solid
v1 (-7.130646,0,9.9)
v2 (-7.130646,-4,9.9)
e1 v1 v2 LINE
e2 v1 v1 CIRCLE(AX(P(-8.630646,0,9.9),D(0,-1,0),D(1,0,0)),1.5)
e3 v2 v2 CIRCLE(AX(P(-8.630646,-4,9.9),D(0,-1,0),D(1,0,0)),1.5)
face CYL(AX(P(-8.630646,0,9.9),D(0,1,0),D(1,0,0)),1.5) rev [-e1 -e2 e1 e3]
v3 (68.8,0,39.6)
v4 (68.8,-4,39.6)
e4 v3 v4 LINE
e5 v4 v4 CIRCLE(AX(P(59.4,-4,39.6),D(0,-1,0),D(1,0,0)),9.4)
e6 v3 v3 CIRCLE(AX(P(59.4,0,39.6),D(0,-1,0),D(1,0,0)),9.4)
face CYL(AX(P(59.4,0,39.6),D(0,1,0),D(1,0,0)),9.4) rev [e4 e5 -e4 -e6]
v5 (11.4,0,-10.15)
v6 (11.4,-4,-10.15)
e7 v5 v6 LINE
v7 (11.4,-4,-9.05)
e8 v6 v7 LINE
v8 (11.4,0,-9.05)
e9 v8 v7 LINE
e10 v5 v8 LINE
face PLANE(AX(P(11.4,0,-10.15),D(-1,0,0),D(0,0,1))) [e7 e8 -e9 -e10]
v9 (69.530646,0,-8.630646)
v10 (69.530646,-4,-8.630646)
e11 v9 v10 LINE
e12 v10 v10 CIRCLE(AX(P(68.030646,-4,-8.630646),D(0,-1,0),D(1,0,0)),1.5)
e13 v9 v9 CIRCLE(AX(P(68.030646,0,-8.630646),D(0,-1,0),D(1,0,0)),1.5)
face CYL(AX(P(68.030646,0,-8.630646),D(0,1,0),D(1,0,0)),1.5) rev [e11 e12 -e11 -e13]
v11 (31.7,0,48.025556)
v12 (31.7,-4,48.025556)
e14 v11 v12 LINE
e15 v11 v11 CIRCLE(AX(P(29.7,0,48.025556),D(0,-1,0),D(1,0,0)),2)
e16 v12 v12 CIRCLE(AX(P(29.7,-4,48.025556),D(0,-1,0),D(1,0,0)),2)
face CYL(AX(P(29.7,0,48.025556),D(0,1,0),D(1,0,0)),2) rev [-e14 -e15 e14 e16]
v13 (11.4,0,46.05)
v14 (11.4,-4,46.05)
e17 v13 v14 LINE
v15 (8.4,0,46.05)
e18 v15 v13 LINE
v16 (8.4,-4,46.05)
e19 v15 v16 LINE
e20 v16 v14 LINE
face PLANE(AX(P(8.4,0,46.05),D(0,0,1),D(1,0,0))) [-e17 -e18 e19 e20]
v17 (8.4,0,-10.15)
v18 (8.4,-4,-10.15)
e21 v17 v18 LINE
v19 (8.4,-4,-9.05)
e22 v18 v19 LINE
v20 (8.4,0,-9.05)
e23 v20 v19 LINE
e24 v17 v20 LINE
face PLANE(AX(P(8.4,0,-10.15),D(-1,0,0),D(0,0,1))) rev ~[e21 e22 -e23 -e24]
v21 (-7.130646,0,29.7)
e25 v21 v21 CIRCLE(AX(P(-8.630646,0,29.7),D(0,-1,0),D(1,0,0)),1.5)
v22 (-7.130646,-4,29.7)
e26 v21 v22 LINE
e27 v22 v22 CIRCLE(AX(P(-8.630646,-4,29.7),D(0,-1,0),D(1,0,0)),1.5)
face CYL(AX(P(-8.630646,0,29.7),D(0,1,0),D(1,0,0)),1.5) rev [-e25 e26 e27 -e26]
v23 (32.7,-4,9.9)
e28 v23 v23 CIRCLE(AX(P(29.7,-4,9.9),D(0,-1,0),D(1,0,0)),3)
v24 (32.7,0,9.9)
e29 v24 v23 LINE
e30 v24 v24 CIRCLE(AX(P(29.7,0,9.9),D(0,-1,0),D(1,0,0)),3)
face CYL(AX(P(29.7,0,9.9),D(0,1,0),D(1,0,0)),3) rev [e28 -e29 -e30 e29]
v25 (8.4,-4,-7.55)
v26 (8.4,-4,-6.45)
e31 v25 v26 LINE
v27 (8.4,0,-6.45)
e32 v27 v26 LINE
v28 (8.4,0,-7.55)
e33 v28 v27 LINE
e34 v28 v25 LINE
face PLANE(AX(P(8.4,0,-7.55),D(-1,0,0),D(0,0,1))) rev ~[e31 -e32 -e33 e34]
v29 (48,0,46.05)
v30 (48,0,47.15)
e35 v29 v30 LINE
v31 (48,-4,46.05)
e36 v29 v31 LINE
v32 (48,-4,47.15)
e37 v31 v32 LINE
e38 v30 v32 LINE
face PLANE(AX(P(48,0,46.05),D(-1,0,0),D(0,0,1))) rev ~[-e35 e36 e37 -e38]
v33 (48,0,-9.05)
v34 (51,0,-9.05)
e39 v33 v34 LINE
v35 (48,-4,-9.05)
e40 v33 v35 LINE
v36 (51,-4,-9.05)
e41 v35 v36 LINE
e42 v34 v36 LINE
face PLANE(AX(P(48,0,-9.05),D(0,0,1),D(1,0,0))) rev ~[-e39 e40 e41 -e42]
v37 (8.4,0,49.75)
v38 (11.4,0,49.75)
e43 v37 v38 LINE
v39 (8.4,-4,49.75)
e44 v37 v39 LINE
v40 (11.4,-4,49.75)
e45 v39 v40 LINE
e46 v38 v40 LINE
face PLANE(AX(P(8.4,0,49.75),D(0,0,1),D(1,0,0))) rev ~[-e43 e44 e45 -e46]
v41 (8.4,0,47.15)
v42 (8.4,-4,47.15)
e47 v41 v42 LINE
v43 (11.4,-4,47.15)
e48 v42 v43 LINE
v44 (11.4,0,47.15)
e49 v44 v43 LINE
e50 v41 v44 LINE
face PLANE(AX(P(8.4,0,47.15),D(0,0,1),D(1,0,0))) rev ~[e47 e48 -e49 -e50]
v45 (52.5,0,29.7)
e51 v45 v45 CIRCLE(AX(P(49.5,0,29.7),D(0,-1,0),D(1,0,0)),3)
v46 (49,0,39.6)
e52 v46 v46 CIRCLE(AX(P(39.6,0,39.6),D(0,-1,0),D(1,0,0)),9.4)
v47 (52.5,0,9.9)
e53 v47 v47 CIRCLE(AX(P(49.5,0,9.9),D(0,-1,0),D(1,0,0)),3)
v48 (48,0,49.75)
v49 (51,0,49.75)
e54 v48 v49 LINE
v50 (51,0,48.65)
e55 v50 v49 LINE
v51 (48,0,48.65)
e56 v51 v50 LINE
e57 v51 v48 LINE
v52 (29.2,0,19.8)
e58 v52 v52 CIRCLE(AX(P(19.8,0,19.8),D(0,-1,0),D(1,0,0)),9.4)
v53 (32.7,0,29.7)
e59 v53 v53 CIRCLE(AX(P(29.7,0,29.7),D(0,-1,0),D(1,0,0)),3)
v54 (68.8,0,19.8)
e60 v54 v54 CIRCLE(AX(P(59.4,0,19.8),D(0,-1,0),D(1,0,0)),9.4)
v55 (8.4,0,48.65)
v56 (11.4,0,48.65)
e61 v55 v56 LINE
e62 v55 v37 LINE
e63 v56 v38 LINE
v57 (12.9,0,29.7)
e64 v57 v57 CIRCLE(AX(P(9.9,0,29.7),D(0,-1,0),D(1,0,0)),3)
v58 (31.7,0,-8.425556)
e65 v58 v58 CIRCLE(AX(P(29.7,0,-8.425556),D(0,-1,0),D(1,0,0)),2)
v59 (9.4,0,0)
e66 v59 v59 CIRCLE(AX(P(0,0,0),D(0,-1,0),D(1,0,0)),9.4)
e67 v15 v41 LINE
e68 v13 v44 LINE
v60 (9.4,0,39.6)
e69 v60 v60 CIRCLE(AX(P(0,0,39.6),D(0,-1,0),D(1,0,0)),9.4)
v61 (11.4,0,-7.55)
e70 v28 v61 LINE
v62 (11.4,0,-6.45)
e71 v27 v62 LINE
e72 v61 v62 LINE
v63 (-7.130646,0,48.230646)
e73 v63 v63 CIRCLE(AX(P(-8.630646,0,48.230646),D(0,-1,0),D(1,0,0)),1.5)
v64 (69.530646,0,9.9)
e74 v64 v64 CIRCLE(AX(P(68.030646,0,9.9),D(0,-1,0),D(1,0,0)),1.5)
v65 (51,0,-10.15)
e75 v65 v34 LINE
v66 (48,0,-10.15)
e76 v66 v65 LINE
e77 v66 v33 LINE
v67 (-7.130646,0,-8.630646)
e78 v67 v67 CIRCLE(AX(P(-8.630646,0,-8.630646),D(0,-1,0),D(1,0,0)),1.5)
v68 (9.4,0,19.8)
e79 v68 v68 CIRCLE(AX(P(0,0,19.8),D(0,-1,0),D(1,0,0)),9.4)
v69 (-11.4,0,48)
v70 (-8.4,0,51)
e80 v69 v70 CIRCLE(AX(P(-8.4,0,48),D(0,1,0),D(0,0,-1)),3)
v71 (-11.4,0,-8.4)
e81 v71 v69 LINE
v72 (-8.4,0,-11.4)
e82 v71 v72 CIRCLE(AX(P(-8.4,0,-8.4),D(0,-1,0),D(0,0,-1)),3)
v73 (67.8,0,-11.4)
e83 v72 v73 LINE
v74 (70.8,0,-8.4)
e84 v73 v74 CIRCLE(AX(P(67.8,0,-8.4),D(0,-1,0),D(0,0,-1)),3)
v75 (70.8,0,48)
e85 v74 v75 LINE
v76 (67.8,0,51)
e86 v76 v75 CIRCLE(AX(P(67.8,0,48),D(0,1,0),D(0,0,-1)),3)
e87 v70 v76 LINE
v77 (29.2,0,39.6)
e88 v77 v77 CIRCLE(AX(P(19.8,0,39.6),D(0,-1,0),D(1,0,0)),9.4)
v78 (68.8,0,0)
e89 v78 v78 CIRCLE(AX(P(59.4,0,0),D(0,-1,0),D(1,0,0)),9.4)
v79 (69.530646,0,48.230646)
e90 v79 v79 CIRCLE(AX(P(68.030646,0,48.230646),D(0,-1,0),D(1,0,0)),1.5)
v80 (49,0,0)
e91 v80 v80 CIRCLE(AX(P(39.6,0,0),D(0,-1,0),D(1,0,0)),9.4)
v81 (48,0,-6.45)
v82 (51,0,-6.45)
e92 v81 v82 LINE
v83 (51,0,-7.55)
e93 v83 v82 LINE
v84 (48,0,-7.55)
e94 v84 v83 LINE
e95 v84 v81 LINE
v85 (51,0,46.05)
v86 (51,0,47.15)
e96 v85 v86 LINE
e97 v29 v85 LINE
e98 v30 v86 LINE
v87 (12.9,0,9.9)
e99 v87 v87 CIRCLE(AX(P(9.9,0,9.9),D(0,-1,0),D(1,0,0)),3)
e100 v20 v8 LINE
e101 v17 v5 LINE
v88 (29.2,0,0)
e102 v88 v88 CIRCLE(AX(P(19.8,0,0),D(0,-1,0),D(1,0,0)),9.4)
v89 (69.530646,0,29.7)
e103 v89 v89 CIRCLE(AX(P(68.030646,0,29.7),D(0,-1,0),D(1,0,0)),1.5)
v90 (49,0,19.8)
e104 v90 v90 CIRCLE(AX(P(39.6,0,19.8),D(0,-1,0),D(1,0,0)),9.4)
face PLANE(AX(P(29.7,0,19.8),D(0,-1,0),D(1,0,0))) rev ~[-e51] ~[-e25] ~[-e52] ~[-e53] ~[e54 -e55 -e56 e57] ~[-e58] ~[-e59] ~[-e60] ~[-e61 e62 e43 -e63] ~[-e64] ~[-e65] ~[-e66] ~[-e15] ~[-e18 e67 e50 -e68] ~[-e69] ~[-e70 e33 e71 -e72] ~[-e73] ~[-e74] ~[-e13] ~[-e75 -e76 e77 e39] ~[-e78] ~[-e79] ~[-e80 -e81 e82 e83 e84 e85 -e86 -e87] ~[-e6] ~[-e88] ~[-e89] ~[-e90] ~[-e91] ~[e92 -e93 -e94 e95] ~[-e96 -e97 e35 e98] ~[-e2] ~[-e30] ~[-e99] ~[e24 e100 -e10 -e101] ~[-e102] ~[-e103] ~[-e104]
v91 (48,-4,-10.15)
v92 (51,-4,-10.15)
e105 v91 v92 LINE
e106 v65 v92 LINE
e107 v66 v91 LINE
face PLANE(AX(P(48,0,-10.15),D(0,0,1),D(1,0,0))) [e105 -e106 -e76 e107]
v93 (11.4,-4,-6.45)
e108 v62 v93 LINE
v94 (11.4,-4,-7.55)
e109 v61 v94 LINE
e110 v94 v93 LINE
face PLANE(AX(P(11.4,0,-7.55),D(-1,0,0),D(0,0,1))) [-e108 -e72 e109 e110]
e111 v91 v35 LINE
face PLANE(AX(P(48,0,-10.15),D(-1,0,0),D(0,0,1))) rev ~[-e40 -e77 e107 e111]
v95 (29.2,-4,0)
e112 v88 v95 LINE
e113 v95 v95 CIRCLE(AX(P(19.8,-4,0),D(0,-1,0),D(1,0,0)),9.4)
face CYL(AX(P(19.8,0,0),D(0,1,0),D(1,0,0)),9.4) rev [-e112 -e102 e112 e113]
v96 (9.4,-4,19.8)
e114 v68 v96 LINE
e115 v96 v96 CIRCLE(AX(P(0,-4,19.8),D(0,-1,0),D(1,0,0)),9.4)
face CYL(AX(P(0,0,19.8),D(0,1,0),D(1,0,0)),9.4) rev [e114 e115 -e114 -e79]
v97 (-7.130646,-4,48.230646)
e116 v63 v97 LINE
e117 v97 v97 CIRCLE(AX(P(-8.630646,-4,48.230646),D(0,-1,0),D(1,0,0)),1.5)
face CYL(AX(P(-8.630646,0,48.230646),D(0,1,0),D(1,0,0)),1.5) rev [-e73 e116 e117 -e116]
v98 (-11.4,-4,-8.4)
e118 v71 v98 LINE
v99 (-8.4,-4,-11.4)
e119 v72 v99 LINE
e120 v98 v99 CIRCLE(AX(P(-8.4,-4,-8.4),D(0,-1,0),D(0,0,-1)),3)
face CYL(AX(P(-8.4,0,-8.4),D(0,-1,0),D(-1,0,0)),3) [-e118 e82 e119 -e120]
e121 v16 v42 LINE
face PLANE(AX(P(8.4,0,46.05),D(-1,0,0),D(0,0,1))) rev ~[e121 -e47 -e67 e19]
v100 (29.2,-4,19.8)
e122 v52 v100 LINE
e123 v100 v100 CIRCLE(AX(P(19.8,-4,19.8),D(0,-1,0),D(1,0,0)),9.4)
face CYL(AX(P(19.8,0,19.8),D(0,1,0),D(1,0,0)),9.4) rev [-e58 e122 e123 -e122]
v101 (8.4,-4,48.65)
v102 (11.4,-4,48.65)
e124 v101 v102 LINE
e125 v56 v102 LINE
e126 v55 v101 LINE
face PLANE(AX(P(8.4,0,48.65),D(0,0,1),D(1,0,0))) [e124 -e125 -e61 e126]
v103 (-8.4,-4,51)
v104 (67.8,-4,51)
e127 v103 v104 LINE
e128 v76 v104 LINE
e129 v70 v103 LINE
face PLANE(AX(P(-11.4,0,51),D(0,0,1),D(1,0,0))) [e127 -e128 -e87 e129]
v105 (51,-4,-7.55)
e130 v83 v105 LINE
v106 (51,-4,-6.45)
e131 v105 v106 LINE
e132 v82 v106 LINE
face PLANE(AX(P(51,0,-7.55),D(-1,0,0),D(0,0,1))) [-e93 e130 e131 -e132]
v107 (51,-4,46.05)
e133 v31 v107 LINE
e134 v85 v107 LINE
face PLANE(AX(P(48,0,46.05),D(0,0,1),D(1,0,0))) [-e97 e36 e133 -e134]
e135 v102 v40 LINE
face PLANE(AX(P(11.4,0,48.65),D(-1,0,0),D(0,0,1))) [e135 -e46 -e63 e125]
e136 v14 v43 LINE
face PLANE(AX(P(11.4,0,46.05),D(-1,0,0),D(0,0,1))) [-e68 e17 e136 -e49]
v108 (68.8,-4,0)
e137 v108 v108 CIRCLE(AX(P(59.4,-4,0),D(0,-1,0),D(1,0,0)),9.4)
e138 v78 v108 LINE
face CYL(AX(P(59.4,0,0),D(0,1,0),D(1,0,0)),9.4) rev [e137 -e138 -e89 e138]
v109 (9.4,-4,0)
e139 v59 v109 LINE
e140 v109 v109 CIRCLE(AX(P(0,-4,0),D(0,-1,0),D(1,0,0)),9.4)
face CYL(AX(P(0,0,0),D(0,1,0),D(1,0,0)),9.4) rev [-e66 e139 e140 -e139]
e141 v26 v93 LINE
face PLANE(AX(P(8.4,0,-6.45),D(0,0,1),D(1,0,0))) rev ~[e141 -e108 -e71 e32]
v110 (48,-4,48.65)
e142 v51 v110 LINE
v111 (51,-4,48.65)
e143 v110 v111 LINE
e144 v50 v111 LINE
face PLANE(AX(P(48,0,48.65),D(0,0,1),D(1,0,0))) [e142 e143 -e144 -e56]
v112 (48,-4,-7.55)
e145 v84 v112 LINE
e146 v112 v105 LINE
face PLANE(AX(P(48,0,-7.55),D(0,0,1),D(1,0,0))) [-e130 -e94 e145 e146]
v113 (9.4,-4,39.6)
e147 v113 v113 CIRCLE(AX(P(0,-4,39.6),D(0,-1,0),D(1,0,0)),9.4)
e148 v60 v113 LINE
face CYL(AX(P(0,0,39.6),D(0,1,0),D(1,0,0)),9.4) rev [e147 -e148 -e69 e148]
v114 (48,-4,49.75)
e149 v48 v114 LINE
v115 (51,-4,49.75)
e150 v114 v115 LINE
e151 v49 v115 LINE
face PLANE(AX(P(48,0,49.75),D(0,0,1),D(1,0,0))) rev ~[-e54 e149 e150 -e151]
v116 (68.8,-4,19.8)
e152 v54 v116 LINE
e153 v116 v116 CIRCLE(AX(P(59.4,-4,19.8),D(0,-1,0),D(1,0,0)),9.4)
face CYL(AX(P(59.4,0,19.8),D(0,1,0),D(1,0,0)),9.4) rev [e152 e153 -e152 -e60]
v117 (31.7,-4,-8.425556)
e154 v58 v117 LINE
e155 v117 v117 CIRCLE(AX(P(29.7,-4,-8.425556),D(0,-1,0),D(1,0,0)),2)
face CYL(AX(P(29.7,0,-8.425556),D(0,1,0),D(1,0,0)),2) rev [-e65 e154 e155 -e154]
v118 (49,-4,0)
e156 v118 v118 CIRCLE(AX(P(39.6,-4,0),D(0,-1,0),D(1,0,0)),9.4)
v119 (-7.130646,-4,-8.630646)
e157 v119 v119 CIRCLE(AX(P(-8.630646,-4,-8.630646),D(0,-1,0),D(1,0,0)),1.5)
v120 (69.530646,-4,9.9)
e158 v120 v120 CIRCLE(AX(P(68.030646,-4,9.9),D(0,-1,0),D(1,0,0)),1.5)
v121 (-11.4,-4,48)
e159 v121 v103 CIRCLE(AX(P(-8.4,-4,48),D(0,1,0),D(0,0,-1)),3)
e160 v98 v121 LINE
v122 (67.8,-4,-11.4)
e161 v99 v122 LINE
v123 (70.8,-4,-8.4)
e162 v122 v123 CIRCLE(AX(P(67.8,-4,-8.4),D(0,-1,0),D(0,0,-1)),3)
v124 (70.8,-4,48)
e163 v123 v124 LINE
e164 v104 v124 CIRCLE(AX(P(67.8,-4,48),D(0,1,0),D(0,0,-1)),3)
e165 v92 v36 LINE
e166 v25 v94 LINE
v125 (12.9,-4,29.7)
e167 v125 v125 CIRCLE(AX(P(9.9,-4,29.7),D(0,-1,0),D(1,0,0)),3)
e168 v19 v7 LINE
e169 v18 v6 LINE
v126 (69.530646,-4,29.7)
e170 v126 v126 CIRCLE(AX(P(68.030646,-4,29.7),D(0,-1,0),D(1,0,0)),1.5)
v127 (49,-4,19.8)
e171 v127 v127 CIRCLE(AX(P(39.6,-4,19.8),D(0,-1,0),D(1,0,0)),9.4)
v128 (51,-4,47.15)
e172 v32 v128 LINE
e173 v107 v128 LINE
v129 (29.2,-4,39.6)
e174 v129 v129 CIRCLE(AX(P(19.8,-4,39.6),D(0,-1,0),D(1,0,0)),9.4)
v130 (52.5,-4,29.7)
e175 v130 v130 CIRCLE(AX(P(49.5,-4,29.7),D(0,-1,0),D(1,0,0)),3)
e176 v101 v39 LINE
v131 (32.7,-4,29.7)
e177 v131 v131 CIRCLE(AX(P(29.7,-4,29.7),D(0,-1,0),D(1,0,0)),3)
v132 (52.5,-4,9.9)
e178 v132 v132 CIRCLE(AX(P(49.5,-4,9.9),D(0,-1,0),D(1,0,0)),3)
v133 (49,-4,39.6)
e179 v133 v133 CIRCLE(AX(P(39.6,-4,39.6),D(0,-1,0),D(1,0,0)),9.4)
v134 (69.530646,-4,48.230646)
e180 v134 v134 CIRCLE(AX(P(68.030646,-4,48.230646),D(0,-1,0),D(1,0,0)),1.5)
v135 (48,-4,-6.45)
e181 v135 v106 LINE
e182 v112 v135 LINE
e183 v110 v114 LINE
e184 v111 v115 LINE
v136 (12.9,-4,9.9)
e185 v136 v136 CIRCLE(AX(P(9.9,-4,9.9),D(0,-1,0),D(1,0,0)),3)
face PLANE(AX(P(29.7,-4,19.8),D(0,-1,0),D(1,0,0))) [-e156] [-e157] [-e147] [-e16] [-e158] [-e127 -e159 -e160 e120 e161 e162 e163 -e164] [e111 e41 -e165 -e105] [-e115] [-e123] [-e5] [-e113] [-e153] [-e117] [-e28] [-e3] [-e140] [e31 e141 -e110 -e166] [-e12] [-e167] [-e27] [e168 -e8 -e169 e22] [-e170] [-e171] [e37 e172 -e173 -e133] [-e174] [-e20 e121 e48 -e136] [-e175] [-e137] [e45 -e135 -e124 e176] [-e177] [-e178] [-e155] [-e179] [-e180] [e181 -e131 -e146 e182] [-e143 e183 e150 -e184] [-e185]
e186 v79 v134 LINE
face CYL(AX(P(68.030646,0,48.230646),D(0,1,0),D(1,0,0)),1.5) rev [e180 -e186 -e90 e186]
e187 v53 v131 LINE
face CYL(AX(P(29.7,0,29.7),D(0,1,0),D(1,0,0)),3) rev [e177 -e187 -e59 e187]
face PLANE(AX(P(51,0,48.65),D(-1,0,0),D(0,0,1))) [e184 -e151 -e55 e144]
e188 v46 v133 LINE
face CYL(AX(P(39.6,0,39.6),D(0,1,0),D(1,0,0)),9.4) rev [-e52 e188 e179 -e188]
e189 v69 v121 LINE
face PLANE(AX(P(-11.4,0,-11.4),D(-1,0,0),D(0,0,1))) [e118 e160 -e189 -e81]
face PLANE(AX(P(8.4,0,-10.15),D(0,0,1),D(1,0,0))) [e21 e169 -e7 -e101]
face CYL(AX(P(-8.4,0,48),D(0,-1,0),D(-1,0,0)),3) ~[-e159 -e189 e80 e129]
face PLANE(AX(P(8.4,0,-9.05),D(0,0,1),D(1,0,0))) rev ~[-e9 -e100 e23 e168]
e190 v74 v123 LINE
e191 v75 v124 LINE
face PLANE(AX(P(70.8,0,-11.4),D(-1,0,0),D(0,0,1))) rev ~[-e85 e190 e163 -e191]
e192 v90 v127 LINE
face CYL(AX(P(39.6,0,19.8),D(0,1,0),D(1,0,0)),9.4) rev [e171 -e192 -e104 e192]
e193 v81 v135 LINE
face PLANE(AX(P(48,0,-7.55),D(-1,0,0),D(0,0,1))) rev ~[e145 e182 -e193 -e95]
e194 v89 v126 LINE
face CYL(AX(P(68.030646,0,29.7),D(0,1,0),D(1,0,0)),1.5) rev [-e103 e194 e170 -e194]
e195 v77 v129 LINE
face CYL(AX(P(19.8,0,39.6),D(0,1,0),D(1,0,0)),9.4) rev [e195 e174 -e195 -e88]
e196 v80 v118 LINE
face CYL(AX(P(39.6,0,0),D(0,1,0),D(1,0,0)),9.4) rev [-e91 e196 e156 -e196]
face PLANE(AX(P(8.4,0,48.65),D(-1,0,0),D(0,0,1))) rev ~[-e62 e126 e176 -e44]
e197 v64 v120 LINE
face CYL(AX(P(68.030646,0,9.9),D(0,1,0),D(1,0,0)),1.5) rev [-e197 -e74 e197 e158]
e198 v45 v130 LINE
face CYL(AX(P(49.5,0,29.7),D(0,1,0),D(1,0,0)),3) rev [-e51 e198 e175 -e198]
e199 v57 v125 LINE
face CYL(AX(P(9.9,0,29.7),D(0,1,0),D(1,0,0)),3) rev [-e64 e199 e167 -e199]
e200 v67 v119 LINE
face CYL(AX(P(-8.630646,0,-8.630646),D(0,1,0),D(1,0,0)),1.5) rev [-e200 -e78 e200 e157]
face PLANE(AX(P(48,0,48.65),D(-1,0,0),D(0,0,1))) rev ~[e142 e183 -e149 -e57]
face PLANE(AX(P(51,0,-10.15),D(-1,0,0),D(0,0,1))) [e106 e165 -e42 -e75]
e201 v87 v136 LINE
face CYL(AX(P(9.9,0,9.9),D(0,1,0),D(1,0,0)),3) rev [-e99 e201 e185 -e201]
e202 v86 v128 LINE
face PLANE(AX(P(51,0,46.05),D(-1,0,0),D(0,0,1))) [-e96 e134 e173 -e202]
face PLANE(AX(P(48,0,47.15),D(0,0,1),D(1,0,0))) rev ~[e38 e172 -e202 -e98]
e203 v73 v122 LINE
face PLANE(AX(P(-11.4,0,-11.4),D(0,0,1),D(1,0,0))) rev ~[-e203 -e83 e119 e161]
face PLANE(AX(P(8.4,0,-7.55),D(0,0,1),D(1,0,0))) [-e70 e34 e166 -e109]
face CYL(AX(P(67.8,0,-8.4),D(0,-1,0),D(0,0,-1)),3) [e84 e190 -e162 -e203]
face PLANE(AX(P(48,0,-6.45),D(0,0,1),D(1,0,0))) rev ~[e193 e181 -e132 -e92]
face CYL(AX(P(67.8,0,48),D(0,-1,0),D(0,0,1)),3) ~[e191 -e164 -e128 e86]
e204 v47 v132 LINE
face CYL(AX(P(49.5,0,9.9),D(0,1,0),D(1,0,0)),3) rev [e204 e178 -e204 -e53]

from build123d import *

# Parameters (mm, degrees)
F0_W     = 82.2
F0_H     = 62.4
F0_R     = 1.5
F0_R_2   = 9.4
F0_W_2   = 3
F0_H_2   = 1.1
F0_R_3   = 3
F0_R_4   = 2
F1_DEPTH = 4
F2_R     = 3


with BuildPart() as f1:
    # F0 (on Front) → F1 (new body)
    with BuildSketch(Plane.XZ):
        with Locations((29.7, 19.8)):
            Rectangle(F0_W, F0_H)
        with Locations((-8.630646, -8.630646)):
            Circle(F0_R, mode=Mode.SUBTRACT)
        Circle(F0_R_2, mode=Mode.SUBTRACT)
        with Locations((9.9, -9.6)):
            Rectangle(F0_W_2, F0_H_2, mode=Mode.SUBTRACT)
        with Locations((9.9, -7)):
            Rectangle(F0_W_2, F0_H_2, mode=Mode.SUBTRACT)
        with Locations((19.8, 0)):
            Circle(F0_R_2, mode=Mode.SUBTRACT)
        with Locations((-8.630646, 9.9)):
            Circle(F0_R, mode=Mode.SUBTRACT)
        with Locations((9.9, 9.9)):
            Circle(F0_R_3, mode=Mode.SUBTRACT)
        with Locations((29.7, -8.425556)):
            Circle(F0_R_4, mode=Mode.SUBTRACT)
        with Locations((49.5, -9.6)):
            Rectangle(F0_W_2, F0_H_2, mode=Mode.SUBTRACT)
        with Locations((49.5, -7)):
            Rectangle(F0_W_2, F0_H_2, mode=Mode.SUBTRACT)
        with Locations((39.6, 0)):
            Circle(F0_R_2, mode=Mode.SUBTRACT)
        with Locations((68.030646, -8.630646)):
            Circle(F0_R, mode=Mode.SUBTRACT)
        with Locations((59.4, 0)):
            Circle(F0_R_2, mode=Mode.SUBTRACT)
        with Locations((29.7, 9.9)):
            Circle(F0_R_3, mode=Mode.SUBTRACT)
        with Locations((49.5, 9.9)):
            Circle(F0_R_3, mode=Mode.SUBTRACT)
        with Locations((68.030646, 9.9)):
            Circle(F0_R, mode=Mode.SUBTRACT)
        with Locations((0, 19.8)):
            Circle(F0_R_2, mode=Mode.SUBTRACT)
        with Locations((-8.630646, 29.7)):
            Circle(F0_R, mode=Mode.SUBTRACT)
        with Locations((19.8, 19.8)):
            Circle(F0_R_2, mode=Mode.SUBTRACT)
        with Locations((9.9, 29.7)):
            Circle(F0_R_3, mode=Mode.SUBTRACT)
        with Locations((0, 39.6)):
            Circle(F0_R_2, mode=Mode.SUBTRACT)
        with Locations((-8.630646, 48.230646)):
            Circle(F0_R, mode=Mode.SUBTRACT)
        with Locations((19.8, 39.6)):
            Circle(F0_R_2, mode=Mode.SUBTRACT)
        with Locations((9.9, 46.6)):
            Rectangle(F0_W_2, F0_H_2, mode=Mode.SUBTRACT)
        with Locations((9.9, 49.2)):
            Rectangle(F0_W_2, F0_H_2, mode=Mode.SUBTRACT)
        with Locations((39.6, 19.8)):
            Circle(F0_R_2, mode=Mode.SUBTRACT)
        with Locations((29.7, 29.7)):
            Circle(F0_R_3, mode=Mode.SUBTRACT)
        with Locations((49.5, 29.7)):
            Circle(F0_R_3, mode=Mode.SUBTRACT)
        with Locations((59.4, 19.8)):
            Circle(F0_R_2, mode=Mode.SUBTRACT)
        with Locations((68.030646, 29.7)):
            Circle(F0_R, mode=Mode.SUBTRACT)
        with Locations((39.6, 39.6)):
            Circle(F0_R_2, mode=Mode.SUBTRACT)
        with Locations((29.7, 48.025556)):
            Circle(F0_R_4, mode=Mode.SUBTRACT)
        with Locations((49.5, 46.6)):
            Rectangle(F0_W_2, F0_H_2, mode=Mode.SUBTRACT)
        with Locations((49.5, 49.2)):
            Rectangle(F0_W_2, F0_H_2, mode=Mode.SUBTRACT)
        with Locations((59.4, 39.6)):
            Circle(F0_R_2, mode=Mode.SUBTRACT)
        with Locations((68.030646, 48.230646)):
            Circle(F0_R, mode=Mode.SUBTRACT)
    extrude(amount=F1_DEPTH)

    # F2
    f2_edges = [f1.edges().sort_by_distance(p)[0] for p in [
        (70.8, -2, 51),
        (-11.4, -2, 51),
        (-11.4, -2, -11.4),
        (70.8, -2, -11.4),
    ]]
    fillet(f2_edges, radius=F2_R)


solid = f1.part
